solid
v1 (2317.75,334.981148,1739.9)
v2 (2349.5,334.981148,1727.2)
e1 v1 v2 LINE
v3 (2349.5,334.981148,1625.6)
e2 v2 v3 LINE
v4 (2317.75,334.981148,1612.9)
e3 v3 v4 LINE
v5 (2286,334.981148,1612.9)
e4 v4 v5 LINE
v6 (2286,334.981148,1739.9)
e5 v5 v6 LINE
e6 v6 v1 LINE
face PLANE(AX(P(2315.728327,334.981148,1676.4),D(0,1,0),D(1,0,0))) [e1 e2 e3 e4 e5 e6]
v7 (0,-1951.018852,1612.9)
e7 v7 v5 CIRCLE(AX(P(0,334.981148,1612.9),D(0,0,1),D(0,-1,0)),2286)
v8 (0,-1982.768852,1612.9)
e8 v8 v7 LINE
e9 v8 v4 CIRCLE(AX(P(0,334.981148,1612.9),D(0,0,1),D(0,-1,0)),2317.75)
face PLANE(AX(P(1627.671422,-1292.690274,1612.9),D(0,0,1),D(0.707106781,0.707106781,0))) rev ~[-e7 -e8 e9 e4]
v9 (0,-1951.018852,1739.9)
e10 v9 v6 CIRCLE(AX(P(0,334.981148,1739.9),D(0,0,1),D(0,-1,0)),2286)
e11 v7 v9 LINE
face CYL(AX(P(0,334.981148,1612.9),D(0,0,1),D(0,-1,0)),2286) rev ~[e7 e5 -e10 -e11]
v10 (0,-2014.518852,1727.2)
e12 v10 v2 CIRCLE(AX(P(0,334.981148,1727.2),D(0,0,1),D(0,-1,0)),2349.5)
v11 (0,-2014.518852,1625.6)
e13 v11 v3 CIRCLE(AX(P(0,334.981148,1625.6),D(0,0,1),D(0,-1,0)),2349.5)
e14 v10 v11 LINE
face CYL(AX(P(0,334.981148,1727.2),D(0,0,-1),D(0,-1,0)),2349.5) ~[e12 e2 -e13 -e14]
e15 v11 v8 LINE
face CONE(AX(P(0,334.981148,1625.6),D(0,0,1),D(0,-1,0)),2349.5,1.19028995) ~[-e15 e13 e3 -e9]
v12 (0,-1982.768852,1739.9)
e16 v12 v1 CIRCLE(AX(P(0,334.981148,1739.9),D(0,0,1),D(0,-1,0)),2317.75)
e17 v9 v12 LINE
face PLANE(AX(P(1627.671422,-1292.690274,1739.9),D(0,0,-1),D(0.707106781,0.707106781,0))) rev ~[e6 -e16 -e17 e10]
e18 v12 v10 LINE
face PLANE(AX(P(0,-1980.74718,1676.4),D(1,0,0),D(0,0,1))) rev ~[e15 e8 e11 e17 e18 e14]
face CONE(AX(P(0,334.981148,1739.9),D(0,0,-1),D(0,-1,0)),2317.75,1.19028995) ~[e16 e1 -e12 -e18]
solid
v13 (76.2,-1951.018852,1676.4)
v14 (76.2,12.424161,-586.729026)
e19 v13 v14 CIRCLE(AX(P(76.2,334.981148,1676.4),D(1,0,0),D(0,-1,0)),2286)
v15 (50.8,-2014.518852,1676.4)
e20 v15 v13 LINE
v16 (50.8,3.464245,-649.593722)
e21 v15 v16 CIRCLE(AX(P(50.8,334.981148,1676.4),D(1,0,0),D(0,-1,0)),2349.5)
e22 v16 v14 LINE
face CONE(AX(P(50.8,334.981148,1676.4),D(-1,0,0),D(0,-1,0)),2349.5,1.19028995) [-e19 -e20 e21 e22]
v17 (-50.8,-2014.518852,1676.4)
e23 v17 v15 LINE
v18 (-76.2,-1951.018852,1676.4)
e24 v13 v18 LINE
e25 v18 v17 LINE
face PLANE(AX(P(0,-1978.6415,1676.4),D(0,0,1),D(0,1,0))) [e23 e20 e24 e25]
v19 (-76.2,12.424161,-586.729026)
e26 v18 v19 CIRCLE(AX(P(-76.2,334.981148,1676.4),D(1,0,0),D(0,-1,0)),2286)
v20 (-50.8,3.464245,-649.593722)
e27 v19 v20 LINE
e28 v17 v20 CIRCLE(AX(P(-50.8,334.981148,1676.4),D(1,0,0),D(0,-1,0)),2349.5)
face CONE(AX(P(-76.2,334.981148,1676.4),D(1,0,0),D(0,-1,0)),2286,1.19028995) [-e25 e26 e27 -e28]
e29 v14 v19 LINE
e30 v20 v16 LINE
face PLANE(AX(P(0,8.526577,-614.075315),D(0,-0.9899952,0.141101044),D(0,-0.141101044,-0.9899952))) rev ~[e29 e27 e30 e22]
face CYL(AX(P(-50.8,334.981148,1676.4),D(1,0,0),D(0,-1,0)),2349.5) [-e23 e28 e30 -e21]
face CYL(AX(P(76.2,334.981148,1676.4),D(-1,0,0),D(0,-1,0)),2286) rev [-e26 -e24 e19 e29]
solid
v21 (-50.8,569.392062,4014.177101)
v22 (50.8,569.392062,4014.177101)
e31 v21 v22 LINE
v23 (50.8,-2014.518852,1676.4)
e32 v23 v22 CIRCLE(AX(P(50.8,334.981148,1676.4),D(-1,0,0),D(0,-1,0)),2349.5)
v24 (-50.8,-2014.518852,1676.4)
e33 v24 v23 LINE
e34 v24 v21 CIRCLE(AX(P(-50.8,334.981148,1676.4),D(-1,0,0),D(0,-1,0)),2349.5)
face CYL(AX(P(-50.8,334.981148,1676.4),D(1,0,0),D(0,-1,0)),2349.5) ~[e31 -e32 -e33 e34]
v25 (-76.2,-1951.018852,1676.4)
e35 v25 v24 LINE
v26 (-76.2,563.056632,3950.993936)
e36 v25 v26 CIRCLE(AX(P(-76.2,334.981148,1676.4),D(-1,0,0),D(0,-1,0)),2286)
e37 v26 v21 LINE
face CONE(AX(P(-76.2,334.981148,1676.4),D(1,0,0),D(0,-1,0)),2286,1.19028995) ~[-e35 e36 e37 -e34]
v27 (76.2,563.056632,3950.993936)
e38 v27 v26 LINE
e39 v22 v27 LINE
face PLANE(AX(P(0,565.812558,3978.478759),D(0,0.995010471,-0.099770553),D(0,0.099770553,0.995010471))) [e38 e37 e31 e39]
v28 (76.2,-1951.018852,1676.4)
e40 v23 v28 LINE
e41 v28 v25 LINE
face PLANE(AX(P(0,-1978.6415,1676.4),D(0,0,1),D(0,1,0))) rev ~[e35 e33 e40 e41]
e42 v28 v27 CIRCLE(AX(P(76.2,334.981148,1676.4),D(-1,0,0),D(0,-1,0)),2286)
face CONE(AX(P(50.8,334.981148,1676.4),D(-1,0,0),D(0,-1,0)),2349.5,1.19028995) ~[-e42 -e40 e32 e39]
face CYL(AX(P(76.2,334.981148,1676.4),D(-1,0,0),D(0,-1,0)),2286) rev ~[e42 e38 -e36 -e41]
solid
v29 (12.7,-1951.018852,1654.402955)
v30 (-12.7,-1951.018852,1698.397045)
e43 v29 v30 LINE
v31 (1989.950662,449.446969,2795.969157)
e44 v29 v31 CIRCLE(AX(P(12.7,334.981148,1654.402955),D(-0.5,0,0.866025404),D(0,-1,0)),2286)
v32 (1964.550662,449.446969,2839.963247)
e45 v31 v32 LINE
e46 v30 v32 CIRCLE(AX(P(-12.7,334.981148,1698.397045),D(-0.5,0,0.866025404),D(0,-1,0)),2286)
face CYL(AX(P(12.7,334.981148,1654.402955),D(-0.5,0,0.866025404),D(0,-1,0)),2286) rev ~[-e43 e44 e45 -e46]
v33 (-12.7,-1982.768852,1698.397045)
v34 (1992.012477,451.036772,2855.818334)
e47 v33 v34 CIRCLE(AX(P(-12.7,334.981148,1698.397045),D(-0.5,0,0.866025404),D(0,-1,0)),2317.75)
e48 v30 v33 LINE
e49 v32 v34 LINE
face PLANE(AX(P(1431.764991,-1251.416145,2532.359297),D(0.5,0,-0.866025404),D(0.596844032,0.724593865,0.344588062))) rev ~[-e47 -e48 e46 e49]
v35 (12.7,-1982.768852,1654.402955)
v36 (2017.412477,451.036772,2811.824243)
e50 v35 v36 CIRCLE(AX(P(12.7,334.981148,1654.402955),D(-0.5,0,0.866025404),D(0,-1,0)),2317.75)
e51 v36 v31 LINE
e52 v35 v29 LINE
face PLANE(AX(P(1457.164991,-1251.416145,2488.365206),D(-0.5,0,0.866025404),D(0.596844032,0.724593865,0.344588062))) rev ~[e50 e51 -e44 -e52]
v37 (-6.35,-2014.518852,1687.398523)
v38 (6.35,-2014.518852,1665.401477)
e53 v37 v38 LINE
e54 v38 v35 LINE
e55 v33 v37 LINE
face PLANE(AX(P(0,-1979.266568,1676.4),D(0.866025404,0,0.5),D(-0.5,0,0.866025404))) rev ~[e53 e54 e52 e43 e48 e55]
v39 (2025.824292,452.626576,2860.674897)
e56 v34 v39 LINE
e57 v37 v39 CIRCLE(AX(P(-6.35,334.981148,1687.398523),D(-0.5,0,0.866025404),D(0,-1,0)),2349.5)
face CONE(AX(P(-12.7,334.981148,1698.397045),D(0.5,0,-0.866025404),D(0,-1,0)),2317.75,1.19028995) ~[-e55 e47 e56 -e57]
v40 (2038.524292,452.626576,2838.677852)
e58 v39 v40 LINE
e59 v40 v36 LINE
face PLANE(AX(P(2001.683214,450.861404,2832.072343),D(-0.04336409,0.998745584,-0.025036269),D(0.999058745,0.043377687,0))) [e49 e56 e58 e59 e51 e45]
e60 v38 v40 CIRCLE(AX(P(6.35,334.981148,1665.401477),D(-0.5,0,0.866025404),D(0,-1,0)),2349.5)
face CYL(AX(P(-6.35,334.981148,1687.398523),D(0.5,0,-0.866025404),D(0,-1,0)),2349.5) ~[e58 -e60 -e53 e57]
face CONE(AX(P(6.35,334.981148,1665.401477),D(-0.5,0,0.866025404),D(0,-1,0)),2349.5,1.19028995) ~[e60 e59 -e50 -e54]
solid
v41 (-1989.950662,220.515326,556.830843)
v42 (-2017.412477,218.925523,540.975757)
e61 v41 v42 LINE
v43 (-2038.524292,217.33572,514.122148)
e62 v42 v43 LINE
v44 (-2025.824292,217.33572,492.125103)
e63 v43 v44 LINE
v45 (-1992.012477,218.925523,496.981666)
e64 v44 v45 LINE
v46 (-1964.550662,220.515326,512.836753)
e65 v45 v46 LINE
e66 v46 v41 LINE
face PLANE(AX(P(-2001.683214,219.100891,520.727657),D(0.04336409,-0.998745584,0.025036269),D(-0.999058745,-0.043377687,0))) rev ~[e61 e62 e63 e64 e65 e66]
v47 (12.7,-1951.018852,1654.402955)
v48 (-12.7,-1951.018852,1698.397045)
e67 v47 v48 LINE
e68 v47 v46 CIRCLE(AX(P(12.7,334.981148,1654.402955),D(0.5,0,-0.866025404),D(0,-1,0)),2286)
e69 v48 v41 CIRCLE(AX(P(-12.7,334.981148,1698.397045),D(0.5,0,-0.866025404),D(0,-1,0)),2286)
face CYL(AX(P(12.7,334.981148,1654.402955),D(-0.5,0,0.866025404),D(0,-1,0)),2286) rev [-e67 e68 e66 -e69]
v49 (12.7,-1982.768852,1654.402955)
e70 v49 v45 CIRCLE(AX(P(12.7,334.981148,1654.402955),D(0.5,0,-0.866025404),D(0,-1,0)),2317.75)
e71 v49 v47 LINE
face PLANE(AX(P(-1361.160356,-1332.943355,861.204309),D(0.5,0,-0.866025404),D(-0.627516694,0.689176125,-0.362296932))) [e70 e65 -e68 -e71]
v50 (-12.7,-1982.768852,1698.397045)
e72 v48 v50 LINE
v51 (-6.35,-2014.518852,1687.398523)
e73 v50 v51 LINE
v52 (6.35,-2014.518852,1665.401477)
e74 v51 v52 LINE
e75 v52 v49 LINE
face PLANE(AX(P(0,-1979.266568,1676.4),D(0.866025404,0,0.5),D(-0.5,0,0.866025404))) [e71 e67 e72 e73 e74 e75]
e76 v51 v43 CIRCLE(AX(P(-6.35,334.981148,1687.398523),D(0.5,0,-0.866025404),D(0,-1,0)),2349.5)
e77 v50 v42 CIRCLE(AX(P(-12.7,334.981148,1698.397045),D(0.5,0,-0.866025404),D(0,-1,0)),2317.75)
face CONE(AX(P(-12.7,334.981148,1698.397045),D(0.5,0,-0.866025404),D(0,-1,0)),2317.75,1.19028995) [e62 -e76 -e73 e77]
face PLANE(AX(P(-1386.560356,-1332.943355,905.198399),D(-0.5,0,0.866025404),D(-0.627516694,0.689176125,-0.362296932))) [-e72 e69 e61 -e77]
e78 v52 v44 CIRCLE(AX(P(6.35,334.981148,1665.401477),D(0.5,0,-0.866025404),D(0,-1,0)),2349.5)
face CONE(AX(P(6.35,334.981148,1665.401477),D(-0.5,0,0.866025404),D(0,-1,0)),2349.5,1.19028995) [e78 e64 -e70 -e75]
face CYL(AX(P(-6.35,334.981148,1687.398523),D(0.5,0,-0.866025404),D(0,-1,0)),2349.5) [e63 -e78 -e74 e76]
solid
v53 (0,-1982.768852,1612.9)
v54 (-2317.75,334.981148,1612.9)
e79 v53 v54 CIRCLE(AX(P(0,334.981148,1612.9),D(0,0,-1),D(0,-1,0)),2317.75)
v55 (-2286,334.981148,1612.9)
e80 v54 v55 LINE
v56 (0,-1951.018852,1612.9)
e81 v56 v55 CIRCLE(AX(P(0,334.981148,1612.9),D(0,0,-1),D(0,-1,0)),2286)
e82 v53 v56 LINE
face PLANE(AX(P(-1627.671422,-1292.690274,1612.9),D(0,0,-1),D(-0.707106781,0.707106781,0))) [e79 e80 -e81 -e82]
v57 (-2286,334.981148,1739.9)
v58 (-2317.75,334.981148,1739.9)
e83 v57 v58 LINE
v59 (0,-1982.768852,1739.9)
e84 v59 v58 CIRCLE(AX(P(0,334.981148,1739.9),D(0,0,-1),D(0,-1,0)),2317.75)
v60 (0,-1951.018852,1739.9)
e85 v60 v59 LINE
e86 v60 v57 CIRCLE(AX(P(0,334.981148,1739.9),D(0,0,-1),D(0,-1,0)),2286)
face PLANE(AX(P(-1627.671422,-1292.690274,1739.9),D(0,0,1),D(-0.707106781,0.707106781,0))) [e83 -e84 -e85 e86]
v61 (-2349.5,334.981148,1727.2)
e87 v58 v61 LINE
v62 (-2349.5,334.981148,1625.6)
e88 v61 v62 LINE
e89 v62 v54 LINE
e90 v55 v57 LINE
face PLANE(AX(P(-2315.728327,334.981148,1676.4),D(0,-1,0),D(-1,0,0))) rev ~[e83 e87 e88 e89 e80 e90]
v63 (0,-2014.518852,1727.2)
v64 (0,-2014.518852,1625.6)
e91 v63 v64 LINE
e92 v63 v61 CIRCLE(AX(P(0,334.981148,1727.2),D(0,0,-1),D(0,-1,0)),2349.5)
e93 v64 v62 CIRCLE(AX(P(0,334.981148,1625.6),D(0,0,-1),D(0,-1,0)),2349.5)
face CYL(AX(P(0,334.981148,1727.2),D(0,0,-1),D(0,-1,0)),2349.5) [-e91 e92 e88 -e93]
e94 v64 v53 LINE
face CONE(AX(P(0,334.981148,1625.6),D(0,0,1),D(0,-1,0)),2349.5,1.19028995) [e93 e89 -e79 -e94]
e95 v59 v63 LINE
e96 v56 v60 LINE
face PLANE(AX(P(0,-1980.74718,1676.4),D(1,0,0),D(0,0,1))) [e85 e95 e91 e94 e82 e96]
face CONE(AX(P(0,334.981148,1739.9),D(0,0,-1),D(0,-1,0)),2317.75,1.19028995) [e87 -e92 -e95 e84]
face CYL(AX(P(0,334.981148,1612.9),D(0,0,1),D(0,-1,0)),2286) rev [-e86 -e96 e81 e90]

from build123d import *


with BuildPart() as f4:
    # F4: sweep along a path in F3
    with BuildLine(Plane.YZ) as f4_path:
        ThreePointArc((-1951.0188522569, 1676.4), (-1198.7097344299, 3371.5661505408), (563.0566315046, 3950.9939360042))
    # F2 (on line) → F4 (sweep)
    with BuildSketch(Plane.XY.offset(1676.4)):
        Polygon((76.2, -1951.0188522569), (-76.2, -1951.0188522569), (-50.8, -2014.5188522569), (0, -2014.5188522569), (50.8, -2014.5188522569), align=None)
    sweep(path=f4_path.line)


with BuildPart() as f5:
    # F5: sweep along a path in F3
    with BuildLine(Plane.YZ) as f5_path:
        ThreePointArc((-1951.0188522569, 1676.4), (-1391.7442605118, 178.329452767), (12.4241612926, -586.729026479))
    # F2 (on line) → F5 (sweep)
    with BuildSketch(Plane.XY.offset(1676.4)):
        Polygon((76.2, -1951.0188522569), (-76.2, -1951.0188522569), (-50.8, -2014.5188522569), (0, -2014.5188522569), (50.8, -2014.5188522569), align=None)
    sweep(path=f5_path.line)


with BuildPart() as f9:
    # F9: sweep along a path in F6
    with BuildLine(Plane.XY.offset(1676.4)) as f9_path:
        ThreePointArc((0, -1951.0188522569), (1616.4461017924, -1281.4649540494), (2286, 334.9811477431))
    # F8 (on line) → F9 (sweep)
    with BuildSketch(Plane.YZ):
        Polygon((-1951.0188522569, 1612.9), (-1951.0188522569, 1739.9), (-1982.7688522569, 1739.9), (-2014.5188522569, 1727.2), (-2014.5188522569, 1625.6), (-1982.7688522569, 1612.9), align=None)
    sweep(path=f9_path.line)


with BuildPart() as f10:
    # F10: sweep along a path in F6
    with BuildLine(Plane.XY.offset(1676.4)) as f10_path:
        ThreePointArc((0, -1951.0188522569), (-1616.4461017924, -1281.4649540494), (-2286, 334.9811477431))
    # F8 (on line) → F10 (sweep)
    with BuildSketch(Plane.YZ):
        Polygon((-1951.0188522569, 1612.9), (-1951.0188522569, 1739.9), (-1982.7688522569, 1739.9), (-2014.5188522569, 1727.2), (-2014.5188522569, 1625.6), (-1982.7688522569, 1612.9), align=None)
    sweep(path=f10_path.line)


with BuildPart() as f16:
    # F16: sweep along a path in F13
    with BuildLine(Plane(origin=(-725.9024934521, 0, 1257.3), x_dir=(0.8660254038, 0, 0.5), z_dir=(0.5, 0, -0.8660254038))) as f16_path:
        ThreePointArc((838.2, 1951.0188522569), (2494.621575006, 1240.4754736383), (3121.332404324, -449.4469693927))
    # F15 (on line) → F16 (sweep)
    with BuildSketch(Plane(origin=(725.9024934521, 0, 419.1), x_dir=(0, 1, 0), z_dir=(0.8660254038, 0, 0.5))):
        Polygon((-1951.0188522569, 1426.4049869042), (-1951.0188522569, 1477.2049869042), (-1982.7688522569, 1477.2049869042), (-2014.5188522569, 1464.5049869042), (-2014.5188522569, 1439.1049869042), (-1982.7688522569, 1426.4049869042), align=None)
    sweep(path=f16_path.line)


with BuildPart() as f17:
    # F17: sweep along a path in F13
    with BuildLine(Plane(origin=(-725.9024934521, 0, 1257.3), x_dir=(0.8660254038, 0, 0.5), z_dir=(0.5, 0, -0.8660254038))) as f17_path:
        ThreePointArc((838.2, 1951.0188522569), (-737.2566213814, 1321.440427263), (-1444.932404324, -220.5153260935))
    # F15 (on line) → F17 (sweep)
    with BuildSketch(Plane(origin=(725.9024934521, 0, 419.1), x_dir=(0, 1, 0), z_dir=(0.8660254038, 0, 0.5))):
        Polygon((-1951.0188522569, 1426.4049869042), (-1951.0188522569, 1477.2049869042), (-1982.7688522569, 1477.2049869042), (-2014.5188522569, 1464.5049869042), (-2014.5188522569, 1439.1049869042), (-1982.7688522569, 1426.4049869042), align=None)
    sweep(path=f17_path.line)


solid = Compound([f4.part, f5.part, f9.part, f10.part, f16.part, f17.part])
